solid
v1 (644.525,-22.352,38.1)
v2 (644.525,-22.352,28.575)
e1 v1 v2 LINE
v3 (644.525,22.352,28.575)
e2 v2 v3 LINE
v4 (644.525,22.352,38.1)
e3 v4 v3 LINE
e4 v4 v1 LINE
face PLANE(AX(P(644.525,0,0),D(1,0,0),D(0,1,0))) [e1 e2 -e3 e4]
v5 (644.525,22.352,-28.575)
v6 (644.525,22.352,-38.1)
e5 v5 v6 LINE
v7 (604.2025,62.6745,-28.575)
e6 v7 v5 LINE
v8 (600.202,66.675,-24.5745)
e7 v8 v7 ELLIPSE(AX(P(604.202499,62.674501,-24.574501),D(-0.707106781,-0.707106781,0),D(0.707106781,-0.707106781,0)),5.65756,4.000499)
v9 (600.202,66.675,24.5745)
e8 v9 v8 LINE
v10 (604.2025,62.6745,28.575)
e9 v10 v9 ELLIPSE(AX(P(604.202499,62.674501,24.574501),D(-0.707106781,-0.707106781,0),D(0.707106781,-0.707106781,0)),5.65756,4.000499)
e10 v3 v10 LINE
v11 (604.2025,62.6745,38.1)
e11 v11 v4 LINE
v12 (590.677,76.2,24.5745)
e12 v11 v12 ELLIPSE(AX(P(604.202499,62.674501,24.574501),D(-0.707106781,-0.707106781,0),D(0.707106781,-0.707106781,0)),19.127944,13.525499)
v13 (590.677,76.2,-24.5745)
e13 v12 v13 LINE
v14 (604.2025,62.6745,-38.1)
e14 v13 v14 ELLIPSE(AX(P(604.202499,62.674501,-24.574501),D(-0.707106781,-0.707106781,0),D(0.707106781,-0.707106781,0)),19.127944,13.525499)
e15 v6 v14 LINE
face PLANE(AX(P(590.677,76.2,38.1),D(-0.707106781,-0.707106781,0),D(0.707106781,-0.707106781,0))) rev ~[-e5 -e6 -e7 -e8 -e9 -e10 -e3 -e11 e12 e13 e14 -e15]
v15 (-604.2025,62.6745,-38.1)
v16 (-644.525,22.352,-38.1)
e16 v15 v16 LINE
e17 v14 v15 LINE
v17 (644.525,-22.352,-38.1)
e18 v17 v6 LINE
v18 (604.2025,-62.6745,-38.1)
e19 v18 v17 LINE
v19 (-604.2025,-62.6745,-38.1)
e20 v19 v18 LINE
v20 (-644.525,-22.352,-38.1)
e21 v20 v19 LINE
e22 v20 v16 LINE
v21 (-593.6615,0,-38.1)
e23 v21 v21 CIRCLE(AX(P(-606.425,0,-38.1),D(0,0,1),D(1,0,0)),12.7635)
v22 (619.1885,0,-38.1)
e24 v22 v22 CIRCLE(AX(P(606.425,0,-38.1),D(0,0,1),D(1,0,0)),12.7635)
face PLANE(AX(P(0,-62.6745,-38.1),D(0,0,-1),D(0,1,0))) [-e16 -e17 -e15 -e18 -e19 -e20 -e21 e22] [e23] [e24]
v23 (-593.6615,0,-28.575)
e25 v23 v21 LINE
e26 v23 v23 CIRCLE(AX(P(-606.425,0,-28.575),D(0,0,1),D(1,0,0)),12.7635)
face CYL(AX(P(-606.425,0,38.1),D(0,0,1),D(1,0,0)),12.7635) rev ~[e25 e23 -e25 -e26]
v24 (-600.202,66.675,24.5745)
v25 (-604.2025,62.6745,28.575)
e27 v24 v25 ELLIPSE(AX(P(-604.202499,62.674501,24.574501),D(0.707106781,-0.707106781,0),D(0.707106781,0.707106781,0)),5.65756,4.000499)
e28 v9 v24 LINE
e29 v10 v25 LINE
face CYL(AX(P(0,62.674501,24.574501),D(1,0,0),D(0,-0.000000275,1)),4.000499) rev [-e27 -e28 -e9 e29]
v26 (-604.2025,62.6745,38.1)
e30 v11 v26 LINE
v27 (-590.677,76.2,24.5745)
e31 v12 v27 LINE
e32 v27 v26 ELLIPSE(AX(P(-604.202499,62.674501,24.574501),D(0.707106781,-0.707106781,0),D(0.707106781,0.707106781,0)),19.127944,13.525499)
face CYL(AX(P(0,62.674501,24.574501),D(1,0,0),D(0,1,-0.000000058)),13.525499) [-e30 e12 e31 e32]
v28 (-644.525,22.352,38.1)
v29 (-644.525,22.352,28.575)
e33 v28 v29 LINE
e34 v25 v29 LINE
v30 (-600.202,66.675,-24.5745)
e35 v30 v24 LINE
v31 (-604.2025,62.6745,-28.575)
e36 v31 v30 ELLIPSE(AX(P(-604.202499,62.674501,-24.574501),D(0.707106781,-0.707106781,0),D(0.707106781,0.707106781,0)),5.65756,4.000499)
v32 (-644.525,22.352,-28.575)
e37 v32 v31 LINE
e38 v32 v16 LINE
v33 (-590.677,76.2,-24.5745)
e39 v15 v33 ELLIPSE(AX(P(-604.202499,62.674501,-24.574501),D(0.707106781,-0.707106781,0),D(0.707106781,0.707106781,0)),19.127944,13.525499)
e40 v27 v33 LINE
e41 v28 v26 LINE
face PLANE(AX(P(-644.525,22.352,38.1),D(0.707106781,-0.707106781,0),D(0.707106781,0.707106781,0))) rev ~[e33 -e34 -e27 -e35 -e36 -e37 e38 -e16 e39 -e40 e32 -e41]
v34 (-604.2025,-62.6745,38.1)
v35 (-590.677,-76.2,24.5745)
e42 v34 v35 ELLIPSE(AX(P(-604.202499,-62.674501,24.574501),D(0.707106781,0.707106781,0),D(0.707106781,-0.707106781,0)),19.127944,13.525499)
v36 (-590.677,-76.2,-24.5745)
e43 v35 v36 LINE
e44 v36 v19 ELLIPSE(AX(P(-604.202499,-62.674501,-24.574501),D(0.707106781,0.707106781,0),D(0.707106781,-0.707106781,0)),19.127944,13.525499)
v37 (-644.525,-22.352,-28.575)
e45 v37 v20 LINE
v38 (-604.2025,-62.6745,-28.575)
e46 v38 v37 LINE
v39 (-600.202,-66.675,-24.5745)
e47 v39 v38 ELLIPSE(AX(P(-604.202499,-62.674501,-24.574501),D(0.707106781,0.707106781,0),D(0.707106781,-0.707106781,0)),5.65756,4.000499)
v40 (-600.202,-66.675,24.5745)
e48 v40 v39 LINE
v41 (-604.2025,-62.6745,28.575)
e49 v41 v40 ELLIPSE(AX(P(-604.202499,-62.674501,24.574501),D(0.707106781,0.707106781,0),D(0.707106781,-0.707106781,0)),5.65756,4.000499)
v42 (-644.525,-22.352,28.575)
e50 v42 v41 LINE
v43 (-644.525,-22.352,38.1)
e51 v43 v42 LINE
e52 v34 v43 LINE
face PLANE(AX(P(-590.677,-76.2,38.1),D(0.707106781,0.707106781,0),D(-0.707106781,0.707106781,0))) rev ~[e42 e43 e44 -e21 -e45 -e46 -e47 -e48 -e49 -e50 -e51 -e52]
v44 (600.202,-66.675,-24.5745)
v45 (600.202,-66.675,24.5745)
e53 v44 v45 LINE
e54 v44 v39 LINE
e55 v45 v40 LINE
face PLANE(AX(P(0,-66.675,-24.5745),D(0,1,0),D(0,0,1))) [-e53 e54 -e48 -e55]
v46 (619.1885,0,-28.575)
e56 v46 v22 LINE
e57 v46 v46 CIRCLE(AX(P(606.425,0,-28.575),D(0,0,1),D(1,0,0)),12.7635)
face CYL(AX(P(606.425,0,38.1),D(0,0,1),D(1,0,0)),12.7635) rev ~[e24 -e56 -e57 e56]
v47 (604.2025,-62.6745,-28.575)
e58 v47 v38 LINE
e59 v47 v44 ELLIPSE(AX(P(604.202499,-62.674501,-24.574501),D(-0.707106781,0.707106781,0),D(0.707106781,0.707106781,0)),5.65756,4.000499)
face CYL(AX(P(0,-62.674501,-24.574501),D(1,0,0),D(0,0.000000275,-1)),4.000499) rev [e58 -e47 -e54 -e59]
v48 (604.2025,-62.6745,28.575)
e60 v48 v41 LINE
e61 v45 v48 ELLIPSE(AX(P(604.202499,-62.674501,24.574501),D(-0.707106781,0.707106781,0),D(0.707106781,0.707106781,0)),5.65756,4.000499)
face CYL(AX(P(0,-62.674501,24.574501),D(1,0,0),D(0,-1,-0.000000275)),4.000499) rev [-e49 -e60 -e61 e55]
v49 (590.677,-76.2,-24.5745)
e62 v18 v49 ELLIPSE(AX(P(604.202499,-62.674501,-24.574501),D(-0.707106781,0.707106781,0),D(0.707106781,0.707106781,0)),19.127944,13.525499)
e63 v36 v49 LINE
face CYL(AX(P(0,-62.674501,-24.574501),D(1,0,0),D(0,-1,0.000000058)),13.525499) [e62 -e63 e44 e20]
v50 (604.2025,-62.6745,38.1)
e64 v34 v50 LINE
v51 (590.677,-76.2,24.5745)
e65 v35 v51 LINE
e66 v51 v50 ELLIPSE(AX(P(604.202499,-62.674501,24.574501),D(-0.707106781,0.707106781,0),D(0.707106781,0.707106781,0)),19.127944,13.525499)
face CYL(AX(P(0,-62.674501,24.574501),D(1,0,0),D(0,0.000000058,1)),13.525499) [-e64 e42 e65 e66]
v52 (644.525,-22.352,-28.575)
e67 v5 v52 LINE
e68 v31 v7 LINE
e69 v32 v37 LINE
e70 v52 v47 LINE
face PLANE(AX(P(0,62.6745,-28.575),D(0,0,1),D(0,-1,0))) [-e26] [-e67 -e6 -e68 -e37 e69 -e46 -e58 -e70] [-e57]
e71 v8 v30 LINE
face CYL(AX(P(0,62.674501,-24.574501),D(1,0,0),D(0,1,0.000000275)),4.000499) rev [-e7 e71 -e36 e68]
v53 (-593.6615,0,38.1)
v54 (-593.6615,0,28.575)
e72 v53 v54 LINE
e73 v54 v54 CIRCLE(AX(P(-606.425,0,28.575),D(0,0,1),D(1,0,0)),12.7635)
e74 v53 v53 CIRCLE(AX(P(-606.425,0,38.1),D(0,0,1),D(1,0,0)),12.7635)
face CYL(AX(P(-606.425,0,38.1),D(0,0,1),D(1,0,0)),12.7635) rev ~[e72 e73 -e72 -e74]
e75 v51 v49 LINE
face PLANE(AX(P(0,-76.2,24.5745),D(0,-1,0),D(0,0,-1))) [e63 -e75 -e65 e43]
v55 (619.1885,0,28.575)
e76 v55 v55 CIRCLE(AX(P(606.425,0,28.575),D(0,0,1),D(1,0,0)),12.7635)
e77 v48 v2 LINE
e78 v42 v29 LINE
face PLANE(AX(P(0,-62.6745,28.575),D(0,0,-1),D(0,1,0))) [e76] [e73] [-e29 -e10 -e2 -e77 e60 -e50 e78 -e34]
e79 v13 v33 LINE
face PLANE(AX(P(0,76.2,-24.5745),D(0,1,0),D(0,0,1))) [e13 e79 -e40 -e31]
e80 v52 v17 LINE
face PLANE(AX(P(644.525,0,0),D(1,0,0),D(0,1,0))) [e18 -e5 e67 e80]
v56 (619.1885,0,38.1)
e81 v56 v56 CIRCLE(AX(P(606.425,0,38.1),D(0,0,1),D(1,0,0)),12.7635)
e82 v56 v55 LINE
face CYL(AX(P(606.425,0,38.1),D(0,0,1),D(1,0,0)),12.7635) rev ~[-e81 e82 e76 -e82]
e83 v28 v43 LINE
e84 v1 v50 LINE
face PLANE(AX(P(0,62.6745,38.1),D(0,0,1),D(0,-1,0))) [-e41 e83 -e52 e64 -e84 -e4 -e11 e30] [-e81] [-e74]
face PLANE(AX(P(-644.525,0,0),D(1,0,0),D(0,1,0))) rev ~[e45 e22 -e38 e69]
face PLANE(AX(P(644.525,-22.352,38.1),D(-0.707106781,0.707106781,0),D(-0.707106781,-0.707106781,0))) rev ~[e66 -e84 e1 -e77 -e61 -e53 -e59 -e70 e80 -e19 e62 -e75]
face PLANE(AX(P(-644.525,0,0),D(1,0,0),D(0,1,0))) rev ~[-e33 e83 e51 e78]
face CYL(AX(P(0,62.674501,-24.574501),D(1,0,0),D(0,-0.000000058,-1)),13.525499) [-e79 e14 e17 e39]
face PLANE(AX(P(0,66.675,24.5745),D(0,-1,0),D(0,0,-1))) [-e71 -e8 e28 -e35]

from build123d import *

# Parameters (mm, degrees)
F1_DEPTH = 644.525
F2_R     = 12.7635
F3_DEPTH = 76.201


with BuildPart() as f1:
    # F0 (on Right) → F1 (new body, symmetric)
    with BuildSketch(Plane.YZ):
        with BuildLine():
            Line((62.6745, 38.1), (-62.6745, 38.1))
            ThreePointArc((-62.6745, 38.1), (-72.238473, 34.138473), (-76.2, 24.5745))
            Line((-76.2, 24.5745), (-76.2, -24.5745))
            ThreePointArc((-76.2, -24.5745), (-72.238473, -34.138473), (-62.6745, -38.1))
            Line((-62.6745, -38.1), (62.6745, -38.1))
            ThreePointArc((62.6745, -38.1), (72.238473, -34.138473), (76.2, -24.5745))
            Line((76.2, -24.5745), (76.2, 24.5745))
            ThreePointArc((76.2, 24.5745), (72.238473, 34.138473), (62.6745, 38.1))
        make_face()
        with BuildLine():
            Line((62.6745, -28.575), (-62.6745, -28.575))
            ThreePointArc((-62.6745, -28.575), (-65.503281, -27.403281), (-66.675, -24.5745))
            Line((-66.675, -24.5745), (-66.675, 24.5745))
            ThreePointArc((-66.675, 24.5745), (-65.503281, 27.403281), (-62.6745, 28.575))
            Line((-62.6745, 28.575), (62.6745, 28.575))
            ThreePointArc((62.6745, 28.575), (65.503281, 27.403281), (66.675, 24.5745))
            Line((66.675, 24.5745), (66.675, -24.5745))
            ThreePointArc((66.675, -24.5745), (65.503281, -27.403281), (62.6745, -28.575))
        make_face(mode=Mode.SUBTRACT)
    extrude(amount=F1_DEPTH, both=True)

    # F2 (on face) → F3 (cut, through all)
    with BuildSketch(Plane.XY.offset(38.1)):
        with Locations((-606.425, 0)):
            Circle(F2_R)
        with Locations((606.425, 0)):
            Circle(F2_R)
        Polygon((-644.525, 62.6745), (-604.2025, 62.6745), (-590.677, 76.2), (-644.525, 76.2), align=None)
        Polygon((-590.677, -76.2), (-604.2025, -62.6745), (-644.525, -62.6745), (-644.525, -76.2), align=None)
        Polygon((590.677, 76.2), (604.2025, 62.6745), (644.525, 62.6745), (644.525, 76.2), align=None)
        Polygon((644.525, -62.6745), (604.2025, -62.6745), (590.677, -76.2), (644.525, -76.2), align=None)
        Polygon((644.525, 62.6745), (604.2025, 62.6745), (644.525, 22.352), align=None)
        Polygon((644.525, -22.352), (604.2025, -62.6745), (644.525, -62.6745), align=None)
        Polygon((-604.2025, -62.6745), (-644.525, -22.352), (-644.525, -62.6745), align=None)
        Polygon((-644.525, 62.6745), (-644.525, 22.352), (-604.2025, 62.6745), align=None)
    extrude(amount=-F3_DEPTH, mode=Mode.SUBTRACT)


solid = f1.part
